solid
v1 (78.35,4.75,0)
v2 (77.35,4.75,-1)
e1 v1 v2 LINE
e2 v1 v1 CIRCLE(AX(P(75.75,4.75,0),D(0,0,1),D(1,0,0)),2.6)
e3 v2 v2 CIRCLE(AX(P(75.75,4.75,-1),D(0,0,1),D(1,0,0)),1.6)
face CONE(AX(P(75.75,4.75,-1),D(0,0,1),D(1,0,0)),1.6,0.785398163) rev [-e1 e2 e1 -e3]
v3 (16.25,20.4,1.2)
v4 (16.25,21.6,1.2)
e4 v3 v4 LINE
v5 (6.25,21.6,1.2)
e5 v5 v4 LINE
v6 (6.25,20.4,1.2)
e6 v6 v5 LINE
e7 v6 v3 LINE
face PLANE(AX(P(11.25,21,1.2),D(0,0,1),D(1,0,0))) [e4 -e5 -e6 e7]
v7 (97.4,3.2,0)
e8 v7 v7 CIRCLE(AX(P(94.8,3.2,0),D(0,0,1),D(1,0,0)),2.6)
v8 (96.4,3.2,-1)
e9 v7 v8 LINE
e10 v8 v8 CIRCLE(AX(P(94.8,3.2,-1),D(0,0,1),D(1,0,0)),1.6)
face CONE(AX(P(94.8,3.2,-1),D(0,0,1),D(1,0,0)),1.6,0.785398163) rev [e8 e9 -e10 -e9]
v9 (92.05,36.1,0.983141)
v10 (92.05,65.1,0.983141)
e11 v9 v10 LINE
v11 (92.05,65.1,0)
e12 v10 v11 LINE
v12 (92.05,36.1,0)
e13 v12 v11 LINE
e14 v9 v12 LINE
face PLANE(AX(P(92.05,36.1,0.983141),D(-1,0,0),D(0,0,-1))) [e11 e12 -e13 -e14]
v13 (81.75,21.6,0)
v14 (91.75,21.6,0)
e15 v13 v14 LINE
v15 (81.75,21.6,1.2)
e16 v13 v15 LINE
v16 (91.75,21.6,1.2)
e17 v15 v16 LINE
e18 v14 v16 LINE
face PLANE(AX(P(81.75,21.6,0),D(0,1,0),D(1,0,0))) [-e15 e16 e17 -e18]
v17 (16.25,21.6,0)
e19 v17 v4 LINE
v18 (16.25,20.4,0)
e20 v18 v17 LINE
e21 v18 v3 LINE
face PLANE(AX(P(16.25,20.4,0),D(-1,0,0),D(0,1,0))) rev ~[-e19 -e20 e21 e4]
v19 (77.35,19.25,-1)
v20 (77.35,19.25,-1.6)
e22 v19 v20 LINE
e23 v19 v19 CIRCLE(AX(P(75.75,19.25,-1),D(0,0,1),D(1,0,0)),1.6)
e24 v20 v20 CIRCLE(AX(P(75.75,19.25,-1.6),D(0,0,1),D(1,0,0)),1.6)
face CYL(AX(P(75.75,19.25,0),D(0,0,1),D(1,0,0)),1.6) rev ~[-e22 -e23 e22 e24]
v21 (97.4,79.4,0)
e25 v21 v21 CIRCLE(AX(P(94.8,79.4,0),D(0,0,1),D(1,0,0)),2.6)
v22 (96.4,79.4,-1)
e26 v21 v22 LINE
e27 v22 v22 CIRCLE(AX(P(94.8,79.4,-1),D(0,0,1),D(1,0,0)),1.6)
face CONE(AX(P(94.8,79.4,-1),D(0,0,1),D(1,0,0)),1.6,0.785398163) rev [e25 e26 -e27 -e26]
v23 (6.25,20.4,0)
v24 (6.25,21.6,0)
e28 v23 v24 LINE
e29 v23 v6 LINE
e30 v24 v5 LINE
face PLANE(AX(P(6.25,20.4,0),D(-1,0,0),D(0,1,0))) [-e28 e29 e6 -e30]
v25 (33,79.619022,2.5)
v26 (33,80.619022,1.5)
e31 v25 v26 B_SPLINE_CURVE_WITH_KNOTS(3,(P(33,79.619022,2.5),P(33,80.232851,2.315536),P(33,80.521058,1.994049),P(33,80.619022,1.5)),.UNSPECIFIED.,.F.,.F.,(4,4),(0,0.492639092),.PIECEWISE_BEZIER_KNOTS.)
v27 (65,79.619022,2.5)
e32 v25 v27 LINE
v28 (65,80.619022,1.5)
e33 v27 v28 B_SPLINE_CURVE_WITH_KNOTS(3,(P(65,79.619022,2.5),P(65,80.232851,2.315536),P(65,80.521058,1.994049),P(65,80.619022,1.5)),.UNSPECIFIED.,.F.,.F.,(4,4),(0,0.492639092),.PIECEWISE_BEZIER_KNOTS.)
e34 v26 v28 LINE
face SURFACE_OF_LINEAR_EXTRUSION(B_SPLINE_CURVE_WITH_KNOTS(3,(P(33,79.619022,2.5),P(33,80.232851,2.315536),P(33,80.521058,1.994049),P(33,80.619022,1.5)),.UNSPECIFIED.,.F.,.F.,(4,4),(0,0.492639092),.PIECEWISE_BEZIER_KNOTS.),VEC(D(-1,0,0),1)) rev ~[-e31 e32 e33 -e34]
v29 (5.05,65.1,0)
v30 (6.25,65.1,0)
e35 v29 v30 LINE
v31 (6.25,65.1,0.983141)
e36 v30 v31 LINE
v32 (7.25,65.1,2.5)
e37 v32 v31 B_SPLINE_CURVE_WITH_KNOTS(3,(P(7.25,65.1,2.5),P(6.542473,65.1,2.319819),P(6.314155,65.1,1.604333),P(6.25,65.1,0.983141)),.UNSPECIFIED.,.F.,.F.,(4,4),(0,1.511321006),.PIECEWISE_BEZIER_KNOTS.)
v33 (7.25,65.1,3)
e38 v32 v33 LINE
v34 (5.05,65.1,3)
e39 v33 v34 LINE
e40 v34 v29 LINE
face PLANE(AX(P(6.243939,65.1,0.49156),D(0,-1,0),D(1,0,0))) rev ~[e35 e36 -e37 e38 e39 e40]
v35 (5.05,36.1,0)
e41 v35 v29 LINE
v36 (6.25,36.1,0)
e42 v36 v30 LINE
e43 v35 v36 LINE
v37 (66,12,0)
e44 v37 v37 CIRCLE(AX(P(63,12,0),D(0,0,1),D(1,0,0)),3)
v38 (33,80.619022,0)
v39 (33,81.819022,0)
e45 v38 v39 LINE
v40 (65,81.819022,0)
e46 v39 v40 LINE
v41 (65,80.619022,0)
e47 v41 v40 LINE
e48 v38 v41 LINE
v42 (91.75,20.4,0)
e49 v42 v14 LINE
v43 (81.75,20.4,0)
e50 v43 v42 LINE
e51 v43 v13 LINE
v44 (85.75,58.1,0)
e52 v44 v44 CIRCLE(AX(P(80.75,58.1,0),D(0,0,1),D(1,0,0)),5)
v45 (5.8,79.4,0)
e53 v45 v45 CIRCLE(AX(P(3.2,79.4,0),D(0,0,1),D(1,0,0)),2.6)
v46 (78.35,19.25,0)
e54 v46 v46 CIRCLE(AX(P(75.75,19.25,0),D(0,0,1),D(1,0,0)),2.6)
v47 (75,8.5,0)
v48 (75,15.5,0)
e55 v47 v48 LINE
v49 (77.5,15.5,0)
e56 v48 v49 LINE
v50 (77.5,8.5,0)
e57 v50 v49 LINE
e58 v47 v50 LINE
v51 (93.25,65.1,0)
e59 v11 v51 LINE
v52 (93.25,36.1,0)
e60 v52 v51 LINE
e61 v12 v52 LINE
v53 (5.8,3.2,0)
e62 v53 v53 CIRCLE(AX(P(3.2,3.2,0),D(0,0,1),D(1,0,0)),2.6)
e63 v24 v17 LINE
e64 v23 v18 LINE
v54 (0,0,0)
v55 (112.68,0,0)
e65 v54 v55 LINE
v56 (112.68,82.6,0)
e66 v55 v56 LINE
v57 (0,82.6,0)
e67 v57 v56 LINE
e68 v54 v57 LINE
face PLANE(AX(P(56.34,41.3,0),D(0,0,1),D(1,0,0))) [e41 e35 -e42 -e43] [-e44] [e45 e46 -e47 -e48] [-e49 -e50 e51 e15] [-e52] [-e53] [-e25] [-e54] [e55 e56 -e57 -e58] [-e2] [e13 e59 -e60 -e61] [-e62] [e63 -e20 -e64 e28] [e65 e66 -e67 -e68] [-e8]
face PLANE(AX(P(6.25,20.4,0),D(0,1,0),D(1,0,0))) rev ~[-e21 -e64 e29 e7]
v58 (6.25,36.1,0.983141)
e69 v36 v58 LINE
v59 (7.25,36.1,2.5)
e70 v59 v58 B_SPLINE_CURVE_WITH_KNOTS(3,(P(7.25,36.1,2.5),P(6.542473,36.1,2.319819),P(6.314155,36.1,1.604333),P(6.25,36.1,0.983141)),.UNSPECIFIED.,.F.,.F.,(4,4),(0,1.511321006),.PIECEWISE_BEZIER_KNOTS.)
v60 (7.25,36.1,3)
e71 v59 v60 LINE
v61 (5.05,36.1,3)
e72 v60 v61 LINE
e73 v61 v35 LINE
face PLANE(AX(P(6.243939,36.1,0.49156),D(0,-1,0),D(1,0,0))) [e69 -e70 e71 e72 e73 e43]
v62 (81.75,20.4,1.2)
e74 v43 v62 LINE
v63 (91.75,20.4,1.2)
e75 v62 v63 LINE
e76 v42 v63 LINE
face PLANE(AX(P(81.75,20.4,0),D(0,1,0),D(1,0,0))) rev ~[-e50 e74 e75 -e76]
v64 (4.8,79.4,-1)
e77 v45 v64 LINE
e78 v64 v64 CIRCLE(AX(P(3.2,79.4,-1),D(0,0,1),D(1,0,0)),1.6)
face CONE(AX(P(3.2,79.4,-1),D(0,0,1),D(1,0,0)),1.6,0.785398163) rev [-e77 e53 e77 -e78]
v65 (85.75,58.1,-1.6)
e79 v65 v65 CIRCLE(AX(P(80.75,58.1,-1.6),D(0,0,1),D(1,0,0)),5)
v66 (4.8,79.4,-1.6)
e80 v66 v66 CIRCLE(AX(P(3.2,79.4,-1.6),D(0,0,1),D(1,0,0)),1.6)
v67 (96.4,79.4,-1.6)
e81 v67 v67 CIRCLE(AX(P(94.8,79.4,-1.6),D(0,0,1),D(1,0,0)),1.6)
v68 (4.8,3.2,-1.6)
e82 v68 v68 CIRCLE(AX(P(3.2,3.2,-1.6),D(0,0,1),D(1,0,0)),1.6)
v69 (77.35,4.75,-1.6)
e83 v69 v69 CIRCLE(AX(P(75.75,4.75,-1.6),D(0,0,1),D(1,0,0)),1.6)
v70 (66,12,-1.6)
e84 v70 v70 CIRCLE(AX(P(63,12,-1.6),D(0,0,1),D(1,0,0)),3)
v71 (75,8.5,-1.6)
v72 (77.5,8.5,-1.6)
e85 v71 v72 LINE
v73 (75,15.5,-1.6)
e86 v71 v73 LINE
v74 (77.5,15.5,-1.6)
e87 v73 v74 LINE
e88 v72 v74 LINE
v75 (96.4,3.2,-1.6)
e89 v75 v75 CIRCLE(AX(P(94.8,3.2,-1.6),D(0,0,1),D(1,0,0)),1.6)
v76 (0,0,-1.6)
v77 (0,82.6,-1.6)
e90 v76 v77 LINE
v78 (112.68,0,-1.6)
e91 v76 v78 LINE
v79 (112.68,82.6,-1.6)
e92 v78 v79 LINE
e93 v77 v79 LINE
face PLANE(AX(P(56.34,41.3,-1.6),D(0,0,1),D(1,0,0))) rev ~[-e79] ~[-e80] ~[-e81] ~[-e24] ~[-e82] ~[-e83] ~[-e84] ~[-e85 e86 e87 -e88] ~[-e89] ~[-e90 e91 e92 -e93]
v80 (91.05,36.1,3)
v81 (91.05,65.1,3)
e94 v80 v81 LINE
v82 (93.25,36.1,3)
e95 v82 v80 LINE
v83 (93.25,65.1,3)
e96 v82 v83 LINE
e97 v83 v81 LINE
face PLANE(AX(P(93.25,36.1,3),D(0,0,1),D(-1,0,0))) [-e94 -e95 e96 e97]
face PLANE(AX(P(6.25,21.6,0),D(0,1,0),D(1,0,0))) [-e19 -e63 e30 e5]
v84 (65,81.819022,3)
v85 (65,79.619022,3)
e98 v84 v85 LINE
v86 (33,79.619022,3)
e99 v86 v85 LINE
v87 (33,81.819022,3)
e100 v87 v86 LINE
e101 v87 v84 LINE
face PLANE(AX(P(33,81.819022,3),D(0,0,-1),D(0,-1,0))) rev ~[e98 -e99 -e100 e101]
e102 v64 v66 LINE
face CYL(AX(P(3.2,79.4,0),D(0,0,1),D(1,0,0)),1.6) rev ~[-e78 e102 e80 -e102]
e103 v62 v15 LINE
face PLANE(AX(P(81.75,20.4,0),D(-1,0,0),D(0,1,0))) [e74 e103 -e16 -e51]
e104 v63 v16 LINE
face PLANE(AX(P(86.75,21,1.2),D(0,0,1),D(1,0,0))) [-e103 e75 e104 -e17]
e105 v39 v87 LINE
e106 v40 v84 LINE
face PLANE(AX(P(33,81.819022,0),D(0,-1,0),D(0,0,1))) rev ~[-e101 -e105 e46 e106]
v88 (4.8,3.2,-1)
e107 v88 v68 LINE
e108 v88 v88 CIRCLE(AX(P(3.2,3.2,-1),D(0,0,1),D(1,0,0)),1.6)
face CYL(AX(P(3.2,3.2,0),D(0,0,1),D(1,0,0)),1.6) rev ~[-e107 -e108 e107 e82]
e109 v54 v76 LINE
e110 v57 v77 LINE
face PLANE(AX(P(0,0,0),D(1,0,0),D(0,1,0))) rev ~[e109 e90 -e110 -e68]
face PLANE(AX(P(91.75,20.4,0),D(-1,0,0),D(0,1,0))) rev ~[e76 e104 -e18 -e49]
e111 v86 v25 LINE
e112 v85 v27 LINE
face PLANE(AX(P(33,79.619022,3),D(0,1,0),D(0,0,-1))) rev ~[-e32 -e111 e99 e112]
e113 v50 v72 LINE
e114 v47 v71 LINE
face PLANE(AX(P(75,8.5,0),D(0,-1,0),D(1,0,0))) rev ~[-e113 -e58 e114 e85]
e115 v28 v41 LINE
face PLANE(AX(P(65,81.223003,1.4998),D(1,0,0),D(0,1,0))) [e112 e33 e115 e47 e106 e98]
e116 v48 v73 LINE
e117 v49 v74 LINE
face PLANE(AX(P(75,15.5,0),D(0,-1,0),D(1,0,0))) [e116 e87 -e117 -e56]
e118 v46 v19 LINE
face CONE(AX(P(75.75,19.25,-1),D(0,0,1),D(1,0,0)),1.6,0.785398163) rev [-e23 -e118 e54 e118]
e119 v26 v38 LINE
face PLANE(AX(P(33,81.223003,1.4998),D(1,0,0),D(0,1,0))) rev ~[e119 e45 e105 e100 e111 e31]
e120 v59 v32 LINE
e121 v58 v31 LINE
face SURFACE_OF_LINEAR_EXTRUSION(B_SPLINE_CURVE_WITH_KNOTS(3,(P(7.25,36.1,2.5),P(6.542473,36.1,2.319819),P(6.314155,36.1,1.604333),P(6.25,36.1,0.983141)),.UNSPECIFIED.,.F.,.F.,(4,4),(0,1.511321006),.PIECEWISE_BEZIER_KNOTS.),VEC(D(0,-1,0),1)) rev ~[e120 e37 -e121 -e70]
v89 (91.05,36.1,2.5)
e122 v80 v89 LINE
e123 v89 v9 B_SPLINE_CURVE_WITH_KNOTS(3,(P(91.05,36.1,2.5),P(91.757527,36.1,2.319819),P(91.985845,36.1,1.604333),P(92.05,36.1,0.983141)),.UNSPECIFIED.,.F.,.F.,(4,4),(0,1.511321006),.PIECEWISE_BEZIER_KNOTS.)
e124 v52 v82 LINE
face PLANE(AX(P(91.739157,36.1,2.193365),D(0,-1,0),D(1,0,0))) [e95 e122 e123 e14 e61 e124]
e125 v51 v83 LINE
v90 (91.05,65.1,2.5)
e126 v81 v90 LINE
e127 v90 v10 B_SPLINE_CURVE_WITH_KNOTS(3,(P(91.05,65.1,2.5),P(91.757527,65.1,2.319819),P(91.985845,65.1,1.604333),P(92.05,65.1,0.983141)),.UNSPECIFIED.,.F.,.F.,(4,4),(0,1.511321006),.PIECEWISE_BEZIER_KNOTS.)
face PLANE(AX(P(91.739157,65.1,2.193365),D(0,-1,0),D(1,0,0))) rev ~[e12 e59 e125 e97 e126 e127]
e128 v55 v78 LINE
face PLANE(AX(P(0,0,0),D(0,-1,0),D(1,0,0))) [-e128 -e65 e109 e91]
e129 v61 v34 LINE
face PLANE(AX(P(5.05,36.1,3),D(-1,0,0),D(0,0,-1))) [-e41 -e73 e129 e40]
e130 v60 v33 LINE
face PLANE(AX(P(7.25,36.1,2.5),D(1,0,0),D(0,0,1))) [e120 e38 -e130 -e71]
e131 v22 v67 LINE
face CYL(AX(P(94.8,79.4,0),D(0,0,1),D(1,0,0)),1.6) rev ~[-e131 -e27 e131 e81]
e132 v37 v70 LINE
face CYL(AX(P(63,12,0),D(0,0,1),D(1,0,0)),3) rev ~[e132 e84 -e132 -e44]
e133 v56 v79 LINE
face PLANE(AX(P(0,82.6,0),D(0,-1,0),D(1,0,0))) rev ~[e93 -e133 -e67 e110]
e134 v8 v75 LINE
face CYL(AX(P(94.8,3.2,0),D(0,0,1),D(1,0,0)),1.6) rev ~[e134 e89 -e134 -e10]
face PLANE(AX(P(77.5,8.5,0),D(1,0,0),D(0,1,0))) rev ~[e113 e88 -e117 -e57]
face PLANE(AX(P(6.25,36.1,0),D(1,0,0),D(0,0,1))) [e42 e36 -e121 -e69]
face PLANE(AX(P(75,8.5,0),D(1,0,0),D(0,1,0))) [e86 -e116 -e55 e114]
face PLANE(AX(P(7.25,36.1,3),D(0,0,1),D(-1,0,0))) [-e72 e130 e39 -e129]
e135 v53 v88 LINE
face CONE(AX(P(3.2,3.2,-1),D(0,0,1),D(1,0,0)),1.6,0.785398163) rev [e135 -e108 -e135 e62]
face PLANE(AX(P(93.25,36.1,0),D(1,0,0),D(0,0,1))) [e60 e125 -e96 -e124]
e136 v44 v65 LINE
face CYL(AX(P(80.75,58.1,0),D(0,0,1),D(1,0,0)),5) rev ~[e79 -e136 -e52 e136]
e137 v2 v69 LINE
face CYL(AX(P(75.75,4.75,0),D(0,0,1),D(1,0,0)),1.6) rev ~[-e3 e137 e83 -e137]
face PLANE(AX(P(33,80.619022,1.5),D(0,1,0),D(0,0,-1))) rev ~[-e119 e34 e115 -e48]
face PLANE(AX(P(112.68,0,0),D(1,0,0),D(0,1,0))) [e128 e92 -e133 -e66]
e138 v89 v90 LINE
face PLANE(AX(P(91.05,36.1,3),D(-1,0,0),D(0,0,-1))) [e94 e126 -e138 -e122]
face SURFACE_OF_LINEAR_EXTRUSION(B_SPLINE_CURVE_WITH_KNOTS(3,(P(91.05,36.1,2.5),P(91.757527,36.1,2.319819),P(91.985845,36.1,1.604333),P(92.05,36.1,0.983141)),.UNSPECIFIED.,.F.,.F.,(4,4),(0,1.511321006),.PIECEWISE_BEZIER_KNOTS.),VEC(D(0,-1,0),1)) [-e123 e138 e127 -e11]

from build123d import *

# Parameters (mm, degrees)
F0_W      = 112.68
F0_H      = 82.6
F0_R      = 1.6
F3_DEPTH  = 1.6
F1_R      = 5
F4_DEPTH  = 1.601
F2_R      = 1.6
F2_R_2    = 3
F2_W      = 2.5
F2_H      = 7
F5_DEPTH  = 1.601
F7_START  = -36.1
F7_DEPTH  = 29
F9_START  = 33
F9_DEPTH  = 32
F1_W      = 10
F1_H      = 1.2
F10_DEPTH = 1.2
F11_SIZE  = 1


with BuildPart() as f3:
    # F0 (on Top) → F3 (new body)
    with BuildSketch(Plane.XY):
        with Locations((56.34, 41.3)):
            Rectangle(F0_W, F0_H)
        with Locations((3.2, 3.2)):
            Circle(F0_R, mode=Mode.SUBTRACT)
        with Locations((94.8, 3.2)):
            Circle(F0_R, mode=Mode.SUBTRACT)
        with Locations((3.2, 79.4)):
            Circle(F0_R, mode=Mode.SUBTRACT)
        with Locations((94.8, 79.4)):
            Circle(F0_R, mode=Mode.SUBTRACT)
    extrude(amount=-F3_DEPTH)

    # F1 (on face) → F4 (cut, through all)
    with BuildSketch(Plane.XY):
        with Locations((80.75, 58.1)):
            Circle(F1_R)
    extrude(amount=-F4_DEPTH, mode=Mode.SUBTRACT)

    # F2 (on face) → F5 (cut, through all)
    with BuildSketch(Plane.XY):
        with Locations((75.75, 4.75)):
            Circle(F2_R)
        with Locations((63, 12)):
            Circle(F2_R_2)
        with Locations((76.25, 12)):
            Rectangle(F2_W, F2_H)
        with Locations((75.75, 19.25)):
            Circle(F2_R)
    extrude(amount=-F5_DEPTH, mode=Mode.SUBTRACT)

    # F6 (on Front) → F7 (join)
    with BuildSketch(Plane.XZ.offset(F7_START)):
        with BuildLine():
            add(Edge.make_bspline(
                [(6.25, 0.9831411553), (6.1998556443, 0.4976120788), (6.25, 0.0696883488), (6.25, 0)],
                knots=[1.5113210061, 1.5113210061, 1.5113210061, 1.5113210061, 2.6925824036, 2.6925824036, 2.6925824036, 2.6925824036], degree=3))
            Line((6.25, 0), (6.25, 0.9831411553))
        make_face()
        with BuildLine():
            Line((5.05, 0), (6.25, 0))
            add(Edge.make_bspline(
                [(6.25, 0.9831411553), (6.1998556443, 0.4976120788), (6.25, 0.0696883488), (6.25, 0)],
                knots=[1.5113210061, 1.5113210061, 1.5113210061, 1.5113210061, 2.6925824036, 2.6925824036, 2.6925824036, 2.6925824036], degree=3))
            Line((6.25, 0.9831411553), (6.25, 3))
            Line((6.25, 3), (5.05, 3))
            Line((5.05, 3), (5.05, 0))
        make_face()
        with BuildLine():
            Line((6.25, 3), (6.25, 0.9831411553))
            add(Edge.make_bspline(
                [(7.25, 2.5), (6.5424729796, 2.3198194624), (6.3141553328, 1.6043332928), (6.25, 0.9831411553)],
                knots=[0, 0, 0, 0, 1.5113210061, 1.5113210061, 1.5113210061, 1.5113210061], degree=3))
            Line((7.25, 2.5), (7.25, 3))
            Line((7.25, 3), (6.25, 3))
        make_face()
        with BuildLine():
            Line((92.05, 0.9831411553), (92.05, 3))
            Line((92.05, 3), (91.05, 3))
            Line((91.05, 3), (91.05, 2.5))
            add(Edge.make_bspline(
                [(91.05, 2.5), (91.7575270204, 2.3198194624), (91.9858446672, 1.6043332928), (92.05, 0.9831411553)],
                knots=[0, 0, 0, 0, 1.5113210061, 1.5113210061, 1.5113210061, 1.5113210061], degree=3))
        make_face()
        with BuildLine():
            Line((93.25, 3), (92.05, 3))
            Line((92.05, 3), (92.05, 0.9831411553))
            add(Edge.make_bspline(
                [(92.05, 0.9831411553), (92.1001443557, 0.4976120788), (92.05, 0.0696883488), (92.05, 0)],
                knots=[1.5113210061, 1.5113210061, 1.5113210061, 1.5113210061, 2.6925824036, 2.6925824036, 2.6925824036, 2.6925824036], degree=3))
            Line((92.05, 0), (93.25, 0))
            Line((93.25, 0), (93.25, 3))
        make_face()
        with BuildLine():
            add(Edge.make_bspline(
                [(92.05, 0.9831411553), (92.1001443557, 0.4976120788), (92.05, 0.0696883488), (92.05, 0)],
                knots=[1.5113210061, 1.5113210061, 1.5113210061, 1.5113210061, 2.6925824036, 2.6925824036, 2.6925824036, 2.6925824036], degree=3))
            Line((92.05, 0.9831411553), (92.05, 0))
        make_face()
    extrude(amount=-F7_DEPTH)

    # F8 (on Right) → F9 (join)
    with BuildSketch(Plane.YZ.offset(F9_START)):
        with BuildLine():
            add(Edge.make_bspline(
                [(80.6190222502, 1.5), (80.7199138112, 0.9911874772), (80.6190222502, 0.2993458475), (80.6190222502, 0)],
                knots=[0.4926390921, 0.4926390921, 0.4926390921, 0.4926390921, 1, 1, 1, 1], degree=3))
            Line((80.6190222502, 0), (81.8190222502, 0))
            Line((81.8190222502, 0), (81.8190222502, 3))
            Line((81.8190222502, 3), (80.6190222502, 3))
            Line((80.6190222502, 3), (80.6190222502, 1.5))
        make_face()
        with BuildLine():
            Line((80.6190222502, 1.5), (80.6190222502, 0))
            add(Edge.make_bspline(
                [(80.6190222502, 1.5), (80.7199138112, 0.9911874772), (80.6190222502, 0.2993458475), (80.6190222502, 0)],
                knots=[0.4926390921, 0.4926390921, 0.4926390921, 0.4926390921, 1, 1, 1, 1], degree=3))
        make_face()
        with BuildLine():
            add(Edge.make_bspline(
                [(79.6190222502, 2.5), (80.2328512073, 2.3155356757), (80.5210582047, 1.9940485863), (80.6190222502, 1.5)],
                knots=[0, 0, 0, 0, 0.4926390921, 0.4926390921, 0.4926390921, 0.4926390921], degree=3))
            Line((80.6190222502, 1.5), (80.6190222502, 3))
            Line((80.6190222502, 3), (79.6190222502, 3))
            Line((79.6190222502, 3), (79.6190222502, 2.5))
        make_face()
    extrude(amount=F9_DEPTH)

    # F1 (on face) → F10 (join)
    with BuildSketch(Plane.XY):
        with Locations((11.25, 21)):
            Rectangle(F1_W, F1_H)
        with Locations((86.75, 21)):
            Rectangle(F1_W, F1_H)
    extrude(amount=F10_DEPTH)

    # F11
    f11_edges = [f3.edges().sort_by_distance(p)[0] for p in [
        (1.6, 79.4, 0),
        (1.6, 3.2, 0),
        (74.15, 4.75, 0),
        (74.15, 19.25, 0),
        (93.2, 3.2, 0),
        (93.2, 79.4, 0),
    ]]
    chamfer(f11_edges, length=F11_SIZE)


solid = f3.part
